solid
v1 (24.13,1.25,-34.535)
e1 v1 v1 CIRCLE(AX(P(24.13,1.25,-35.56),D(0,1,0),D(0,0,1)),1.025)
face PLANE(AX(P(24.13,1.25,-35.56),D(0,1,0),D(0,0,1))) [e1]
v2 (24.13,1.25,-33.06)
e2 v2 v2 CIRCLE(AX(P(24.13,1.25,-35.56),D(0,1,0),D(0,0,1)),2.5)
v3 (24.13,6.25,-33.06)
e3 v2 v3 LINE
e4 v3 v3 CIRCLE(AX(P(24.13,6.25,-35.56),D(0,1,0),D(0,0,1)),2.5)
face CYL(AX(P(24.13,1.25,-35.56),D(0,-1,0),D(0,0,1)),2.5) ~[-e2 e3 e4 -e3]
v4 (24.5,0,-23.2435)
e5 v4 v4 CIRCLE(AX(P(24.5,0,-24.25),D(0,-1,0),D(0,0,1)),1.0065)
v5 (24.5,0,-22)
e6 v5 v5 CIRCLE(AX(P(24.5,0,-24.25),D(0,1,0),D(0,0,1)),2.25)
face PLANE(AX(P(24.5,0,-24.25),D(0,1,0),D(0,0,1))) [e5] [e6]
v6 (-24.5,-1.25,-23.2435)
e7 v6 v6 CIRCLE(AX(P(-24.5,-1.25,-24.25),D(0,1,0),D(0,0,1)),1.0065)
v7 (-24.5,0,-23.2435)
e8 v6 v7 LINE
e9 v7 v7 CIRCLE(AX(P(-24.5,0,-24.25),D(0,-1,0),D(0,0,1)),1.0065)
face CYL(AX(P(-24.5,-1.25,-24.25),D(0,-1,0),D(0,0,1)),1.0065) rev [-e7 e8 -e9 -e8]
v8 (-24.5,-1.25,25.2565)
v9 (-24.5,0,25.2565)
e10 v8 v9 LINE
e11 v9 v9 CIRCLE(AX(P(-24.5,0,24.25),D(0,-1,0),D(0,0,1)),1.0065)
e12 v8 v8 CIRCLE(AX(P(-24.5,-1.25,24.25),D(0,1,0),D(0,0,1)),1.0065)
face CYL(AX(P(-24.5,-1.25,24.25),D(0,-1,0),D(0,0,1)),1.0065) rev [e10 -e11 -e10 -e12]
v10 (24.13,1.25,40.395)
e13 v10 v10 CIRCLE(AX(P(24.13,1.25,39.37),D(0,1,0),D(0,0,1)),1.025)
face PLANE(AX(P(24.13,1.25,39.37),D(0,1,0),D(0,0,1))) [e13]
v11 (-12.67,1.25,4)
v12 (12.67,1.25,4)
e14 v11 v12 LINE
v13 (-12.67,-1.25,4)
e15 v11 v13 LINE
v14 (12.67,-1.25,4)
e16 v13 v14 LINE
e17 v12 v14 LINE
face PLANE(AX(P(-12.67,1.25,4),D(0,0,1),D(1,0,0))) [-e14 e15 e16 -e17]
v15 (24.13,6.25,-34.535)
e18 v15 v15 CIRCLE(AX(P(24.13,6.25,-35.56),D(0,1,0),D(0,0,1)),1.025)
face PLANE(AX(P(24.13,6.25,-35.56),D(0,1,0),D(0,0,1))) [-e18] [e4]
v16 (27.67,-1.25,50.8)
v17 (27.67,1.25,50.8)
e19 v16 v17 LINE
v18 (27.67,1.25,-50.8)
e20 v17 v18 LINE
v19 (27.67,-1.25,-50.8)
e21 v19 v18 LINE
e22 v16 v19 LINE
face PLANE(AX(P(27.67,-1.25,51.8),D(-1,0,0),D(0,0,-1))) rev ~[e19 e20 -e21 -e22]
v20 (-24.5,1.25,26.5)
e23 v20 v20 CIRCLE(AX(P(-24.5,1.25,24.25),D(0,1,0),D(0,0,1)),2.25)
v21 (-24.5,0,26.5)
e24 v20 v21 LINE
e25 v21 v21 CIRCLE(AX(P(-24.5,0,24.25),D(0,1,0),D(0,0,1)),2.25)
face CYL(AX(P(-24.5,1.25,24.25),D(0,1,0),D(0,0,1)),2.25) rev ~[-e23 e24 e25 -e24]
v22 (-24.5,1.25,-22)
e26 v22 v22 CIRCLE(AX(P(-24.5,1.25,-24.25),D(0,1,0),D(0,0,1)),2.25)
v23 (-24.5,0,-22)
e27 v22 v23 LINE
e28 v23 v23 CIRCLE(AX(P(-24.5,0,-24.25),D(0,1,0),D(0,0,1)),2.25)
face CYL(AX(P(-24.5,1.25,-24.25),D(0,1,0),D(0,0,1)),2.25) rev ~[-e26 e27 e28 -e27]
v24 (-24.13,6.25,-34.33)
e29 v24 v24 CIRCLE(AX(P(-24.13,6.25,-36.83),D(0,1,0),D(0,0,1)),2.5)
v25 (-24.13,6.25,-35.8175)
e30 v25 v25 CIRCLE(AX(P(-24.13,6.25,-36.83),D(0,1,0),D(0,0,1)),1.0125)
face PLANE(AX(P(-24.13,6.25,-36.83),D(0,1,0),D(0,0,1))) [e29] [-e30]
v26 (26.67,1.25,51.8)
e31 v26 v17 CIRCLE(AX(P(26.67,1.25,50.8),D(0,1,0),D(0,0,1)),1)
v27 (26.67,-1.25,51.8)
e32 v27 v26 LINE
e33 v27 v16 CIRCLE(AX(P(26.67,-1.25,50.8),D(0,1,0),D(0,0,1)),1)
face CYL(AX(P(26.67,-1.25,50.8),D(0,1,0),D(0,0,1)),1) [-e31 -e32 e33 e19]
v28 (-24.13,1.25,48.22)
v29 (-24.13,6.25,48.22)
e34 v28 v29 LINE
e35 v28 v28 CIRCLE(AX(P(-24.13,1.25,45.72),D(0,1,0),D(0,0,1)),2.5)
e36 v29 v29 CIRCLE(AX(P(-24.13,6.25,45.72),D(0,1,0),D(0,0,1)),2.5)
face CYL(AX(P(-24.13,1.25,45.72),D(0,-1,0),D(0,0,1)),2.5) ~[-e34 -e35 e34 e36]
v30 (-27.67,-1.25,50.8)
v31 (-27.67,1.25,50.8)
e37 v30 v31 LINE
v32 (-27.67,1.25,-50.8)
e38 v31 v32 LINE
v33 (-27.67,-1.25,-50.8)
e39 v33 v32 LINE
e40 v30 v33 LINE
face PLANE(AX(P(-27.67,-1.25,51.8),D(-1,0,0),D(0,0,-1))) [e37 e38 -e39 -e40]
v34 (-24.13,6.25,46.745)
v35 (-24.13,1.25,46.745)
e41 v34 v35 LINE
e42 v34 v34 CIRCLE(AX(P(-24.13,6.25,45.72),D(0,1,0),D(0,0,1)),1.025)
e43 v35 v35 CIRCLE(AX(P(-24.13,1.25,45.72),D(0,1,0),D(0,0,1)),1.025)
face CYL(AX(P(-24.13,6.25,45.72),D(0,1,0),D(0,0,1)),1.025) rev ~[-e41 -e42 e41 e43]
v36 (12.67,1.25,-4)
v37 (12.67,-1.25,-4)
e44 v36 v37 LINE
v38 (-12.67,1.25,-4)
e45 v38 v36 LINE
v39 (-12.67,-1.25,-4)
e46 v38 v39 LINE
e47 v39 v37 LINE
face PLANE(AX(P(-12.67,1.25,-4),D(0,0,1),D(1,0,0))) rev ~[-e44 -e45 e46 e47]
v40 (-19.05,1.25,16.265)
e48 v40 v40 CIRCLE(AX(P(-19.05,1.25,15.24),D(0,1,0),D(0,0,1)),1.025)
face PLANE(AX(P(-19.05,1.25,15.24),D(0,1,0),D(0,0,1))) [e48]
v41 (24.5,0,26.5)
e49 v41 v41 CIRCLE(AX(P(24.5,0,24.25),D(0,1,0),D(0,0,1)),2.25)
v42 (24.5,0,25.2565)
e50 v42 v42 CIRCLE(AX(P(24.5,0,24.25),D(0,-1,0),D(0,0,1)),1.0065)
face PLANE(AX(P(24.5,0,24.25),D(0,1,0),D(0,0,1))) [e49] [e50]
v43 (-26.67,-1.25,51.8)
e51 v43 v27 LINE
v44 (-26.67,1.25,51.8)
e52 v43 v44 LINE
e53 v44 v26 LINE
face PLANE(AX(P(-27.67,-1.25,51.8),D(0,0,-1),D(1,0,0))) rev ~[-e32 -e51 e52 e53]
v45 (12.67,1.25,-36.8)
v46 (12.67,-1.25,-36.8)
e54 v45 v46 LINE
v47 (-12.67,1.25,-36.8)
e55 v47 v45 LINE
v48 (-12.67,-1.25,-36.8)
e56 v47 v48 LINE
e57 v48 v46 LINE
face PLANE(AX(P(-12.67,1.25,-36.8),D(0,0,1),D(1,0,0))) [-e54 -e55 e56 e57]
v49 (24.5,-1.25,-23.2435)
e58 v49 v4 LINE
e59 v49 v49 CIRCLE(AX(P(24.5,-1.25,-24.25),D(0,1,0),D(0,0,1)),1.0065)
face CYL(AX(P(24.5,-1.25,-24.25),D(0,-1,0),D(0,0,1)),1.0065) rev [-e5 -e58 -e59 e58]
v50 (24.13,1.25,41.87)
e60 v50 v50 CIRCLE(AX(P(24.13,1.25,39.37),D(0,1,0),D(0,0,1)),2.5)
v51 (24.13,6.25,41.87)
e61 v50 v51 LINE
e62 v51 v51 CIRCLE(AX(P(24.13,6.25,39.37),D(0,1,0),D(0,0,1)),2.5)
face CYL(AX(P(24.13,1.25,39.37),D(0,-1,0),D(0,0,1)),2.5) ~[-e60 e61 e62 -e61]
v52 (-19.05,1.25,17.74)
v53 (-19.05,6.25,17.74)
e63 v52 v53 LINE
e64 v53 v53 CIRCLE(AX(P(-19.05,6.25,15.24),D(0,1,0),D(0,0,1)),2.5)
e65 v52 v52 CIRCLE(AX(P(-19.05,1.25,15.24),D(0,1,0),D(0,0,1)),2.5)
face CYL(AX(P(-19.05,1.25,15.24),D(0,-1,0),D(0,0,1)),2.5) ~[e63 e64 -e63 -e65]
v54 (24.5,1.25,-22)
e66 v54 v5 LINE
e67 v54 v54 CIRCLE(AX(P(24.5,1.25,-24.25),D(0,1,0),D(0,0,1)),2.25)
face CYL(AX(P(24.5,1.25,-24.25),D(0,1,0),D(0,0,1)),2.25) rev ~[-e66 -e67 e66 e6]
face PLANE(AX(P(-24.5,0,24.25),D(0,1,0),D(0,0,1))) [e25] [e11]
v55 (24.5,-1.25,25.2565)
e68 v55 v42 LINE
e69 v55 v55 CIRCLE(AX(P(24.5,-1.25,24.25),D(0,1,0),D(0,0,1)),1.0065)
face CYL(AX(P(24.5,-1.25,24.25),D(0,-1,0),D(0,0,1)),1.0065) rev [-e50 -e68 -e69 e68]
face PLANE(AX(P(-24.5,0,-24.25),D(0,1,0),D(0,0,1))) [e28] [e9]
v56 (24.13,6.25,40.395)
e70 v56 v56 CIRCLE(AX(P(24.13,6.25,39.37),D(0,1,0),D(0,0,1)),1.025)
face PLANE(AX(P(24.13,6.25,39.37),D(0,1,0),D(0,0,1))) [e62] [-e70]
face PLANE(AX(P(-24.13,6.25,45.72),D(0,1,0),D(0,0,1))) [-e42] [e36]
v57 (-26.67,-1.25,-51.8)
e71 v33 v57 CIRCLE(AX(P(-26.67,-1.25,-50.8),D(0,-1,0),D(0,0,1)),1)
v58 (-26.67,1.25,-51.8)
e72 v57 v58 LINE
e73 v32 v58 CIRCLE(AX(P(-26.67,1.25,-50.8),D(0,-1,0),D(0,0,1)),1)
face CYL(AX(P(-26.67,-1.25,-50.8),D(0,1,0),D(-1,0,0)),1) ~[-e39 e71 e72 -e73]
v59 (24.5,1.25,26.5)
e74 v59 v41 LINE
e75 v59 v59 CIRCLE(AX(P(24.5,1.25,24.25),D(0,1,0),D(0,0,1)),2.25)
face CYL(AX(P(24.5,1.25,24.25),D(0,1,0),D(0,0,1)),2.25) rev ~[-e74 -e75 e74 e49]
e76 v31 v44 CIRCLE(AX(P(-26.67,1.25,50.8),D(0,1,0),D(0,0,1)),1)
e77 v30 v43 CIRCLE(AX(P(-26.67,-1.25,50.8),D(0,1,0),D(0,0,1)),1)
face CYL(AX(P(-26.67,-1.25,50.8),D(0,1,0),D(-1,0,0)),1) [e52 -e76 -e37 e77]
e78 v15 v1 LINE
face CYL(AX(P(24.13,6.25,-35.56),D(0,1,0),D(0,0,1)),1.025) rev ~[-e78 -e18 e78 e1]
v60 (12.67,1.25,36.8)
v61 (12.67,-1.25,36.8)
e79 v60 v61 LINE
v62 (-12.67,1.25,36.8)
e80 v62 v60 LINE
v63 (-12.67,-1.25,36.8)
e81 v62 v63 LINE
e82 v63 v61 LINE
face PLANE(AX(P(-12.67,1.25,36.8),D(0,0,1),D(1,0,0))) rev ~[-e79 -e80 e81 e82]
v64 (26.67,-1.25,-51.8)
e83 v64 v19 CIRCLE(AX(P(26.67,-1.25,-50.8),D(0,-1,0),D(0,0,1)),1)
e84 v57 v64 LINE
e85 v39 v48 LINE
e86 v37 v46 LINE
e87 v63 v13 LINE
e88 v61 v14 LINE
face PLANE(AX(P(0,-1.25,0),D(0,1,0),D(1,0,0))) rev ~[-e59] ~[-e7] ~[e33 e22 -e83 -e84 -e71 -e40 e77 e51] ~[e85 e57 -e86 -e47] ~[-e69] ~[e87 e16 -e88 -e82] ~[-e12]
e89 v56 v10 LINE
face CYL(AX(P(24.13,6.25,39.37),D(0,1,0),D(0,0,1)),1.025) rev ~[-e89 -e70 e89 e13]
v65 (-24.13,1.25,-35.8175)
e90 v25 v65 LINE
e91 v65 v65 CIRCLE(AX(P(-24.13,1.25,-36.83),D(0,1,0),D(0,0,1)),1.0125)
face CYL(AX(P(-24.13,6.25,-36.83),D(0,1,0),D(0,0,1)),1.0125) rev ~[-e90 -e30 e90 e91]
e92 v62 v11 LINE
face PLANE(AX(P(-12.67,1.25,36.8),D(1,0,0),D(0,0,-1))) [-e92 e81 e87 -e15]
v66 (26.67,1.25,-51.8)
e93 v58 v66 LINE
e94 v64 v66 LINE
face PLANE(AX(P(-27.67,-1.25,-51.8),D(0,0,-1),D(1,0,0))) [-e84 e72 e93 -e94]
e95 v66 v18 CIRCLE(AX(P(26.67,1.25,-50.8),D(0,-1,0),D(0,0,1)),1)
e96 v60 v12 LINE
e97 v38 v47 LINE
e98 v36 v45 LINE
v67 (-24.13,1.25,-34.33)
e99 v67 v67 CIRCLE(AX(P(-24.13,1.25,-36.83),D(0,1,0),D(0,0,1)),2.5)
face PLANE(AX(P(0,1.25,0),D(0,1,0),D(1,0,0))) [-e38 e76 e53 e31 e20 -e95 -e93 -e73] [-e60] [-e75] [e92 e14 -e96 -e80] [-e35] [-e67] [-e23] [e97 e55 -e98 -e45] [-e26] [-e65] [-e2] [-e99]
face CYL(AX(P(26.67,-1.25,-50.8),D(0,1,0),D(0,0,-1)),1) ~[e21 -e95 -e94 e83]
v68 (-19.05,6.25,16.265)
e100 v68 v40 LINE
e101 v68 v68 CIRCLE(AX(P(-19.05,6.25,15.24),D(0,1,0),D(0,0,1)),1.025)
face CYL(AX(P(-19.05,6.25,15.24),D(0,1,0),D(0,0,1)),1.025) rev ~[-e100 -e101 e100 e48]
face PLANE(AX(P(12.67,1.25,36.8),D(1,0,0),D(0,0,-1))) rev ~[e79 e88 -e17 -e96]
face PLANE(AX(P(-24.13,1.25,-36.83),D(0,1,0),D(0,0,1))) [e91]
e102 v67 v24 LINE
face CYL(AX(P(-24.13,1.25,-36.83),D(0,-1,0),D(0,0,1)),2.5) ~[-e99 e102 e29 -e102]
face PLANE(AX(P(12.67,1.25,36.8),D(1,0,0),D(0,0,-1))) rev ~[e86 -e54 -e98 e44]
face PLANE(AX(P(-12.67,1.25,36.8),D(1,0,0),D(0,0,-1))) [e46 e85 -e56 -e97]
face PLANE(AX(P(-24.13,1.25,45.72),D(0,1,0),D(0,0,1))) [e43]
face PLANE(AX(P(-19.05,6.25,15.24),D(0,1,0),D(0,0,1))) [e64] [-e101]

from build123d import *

# Parameters (mm, degrees)
BOSS_EXTRU_1_DEPTH      = 1.25
BOSS_EXTRU_1_DEPTH_BACK = 1.25
ESQUISSE1_W             = 55.34
ESQUISSE1_H             = 103.6
ESQUISSE1_R             = 1.0065
ESQUISSE2_R             = 2.25
ENL_V_MAT_EXTRU_1_DEPTH = 1.25
ESQUISSE4_R             = 2.5
BOSS_EXTRU_3_DEPTH      = 5
ESQUISSE7_R             = 1.025
ESQUISSE7_R_2           = 1.0125
ENL_V_MAT_EXTRU_2_DEPTH = 5
ESQUISSE8_W             = 25.34
ESQUISSE8_H             = 73.6
ENL_V_MAT_EXTRU_3_DEPTH = 59.939535967
ESQUISSE16_W            = 25.34
ESQUISSE16_H            = 8
BOSS_EXTRU_6_DEPTH      = 2.5
CONG_8_R                = 1


with BuildPart() as part:
    # Esquisse1 → Boss.-Extru.1 (new, two sides: drawn at the far end of the back side and taken through both)
    with BuildSketch(Plane(origin=(0, 0, 0), x_dir=(1, 0, 0), z_dir=(0, 1, 0)).offset(-BOSS_EXTRU_1_DEPTH_BACK)):
        Rectangle(ESQUISSE1_W, ESQUISSE1_H)
        with Locations((24.5, -24.25)):
            Circle(ESQUISSE1_R, mode=Mode.SUBTRACT)
        with Locations((-24.5, -24.25)):
            Circle(ESQUISSE1_R, mode=Mode.SUBTRACT)
        with Locations((24.5, 24.25)):
            Circle(ESQUISSE1_R, mode=Mode.SUBTRACT)
        with Locations((-24.5, 24.25)):
            Circle(ESQUISSE1_R, mode=Mode.SUBTRACT)
    extrude(amount=BOSS_EXTRU_1_DEPTH + BOSS_EXTRU_1_DEPTH_BACK)

    # Esquisse2 → Enlèv. mat.-Extru.1 (cut)
    with BuildSketch(Plane(origin=(0, 1.25, 0), x_dir=(1, 0, 0), z_dir=(0, 1, 0))):
        with Locations((-24.5, 24.25)):
            Circle(ESQUISSE2_R)
        with Locations((24.5, 24.25)):
            Circle(ESQUISSE2_R)
        with Locations((24.5, -24.25)):
            Circle(ESQUISSE2_R)
        with Locations((-24.5, -24.25)):
            Circle(ESQUISSE2_R)
    extrude(amount=-ENL_V_MAT_EXTRU_1_DEPTH, mode=Mode.SUBTRACT)

    # Esquisse4 → Boss.-Extru.3 (add)
    with BuildSketch(Plane(origin=(0, 1.25, 0), x_dir=(1, 0, 0), z_dir=(0, 1, 0))):
        with Locations((-19.05, -15.24)):
            Circle(ESQUISSE4_R)
        with Locations((-24.13, -45.72)):
            Circle(ESQUISSE4_R)
        with Locations((24.13, -39.37)):
            Circle(ESQUISSE4_R)
        with Locations((24.13, 35.56)):
            Circle(ESQUISSE4_R)
        with Locations((-24.13, 36.83)):
            Circle(ESQUISSE4_R)
    extrude(amount=BOSS_EXTRU_3_DEPTH)

    # Esquisse7 → Enlèv. mat.-Extru.2 (cut)
    with BuildSketch(Plane(origin=(0, 6.25, 0), x_dir=(1, 0, 0), z_dir=(0, 1, 0))):
        with Locations((-24.13, -45.72)):
            Circle(ESQUISSE7_R)
        with Locations((-24.13, 36.83)):
            Circle(ESQUISSE7_R_2)
        with Locations((24.13, -39.37)):
            Circle(ESQUISSE7_R)
        with Locations((24.13, 35.56)):
            Circle(ESQUISSE7_R)
        with Locations((-19.05, -15.24)):
            Circle(ESQUISSE7_R)
    extrude(amount=-ENL_V_MAT_EXTRU_2_DEPTH, mode=Mode.SUBTRACT)

    # Esquisse8 → Enlèv. mat.-Extru.3 (cut, through all)
    with BuildSketch(Plane(origin=(0, 1.25, 0), x_dir=(1, 0, 0), z_dir=(0, 1, 0))):
        Rectangle(ESQUISSE8_W, ESQUISSE8_H)
    extrude(amount=-ENL_V_MAT_EXTRU_3_DEPTH, mode=Mode.SUBTRACT)

    # Esquisse16 → Boss.-Extru.6 (add)
    with BuildSketch(Plane(origin=(0, 1.25, 0), x_dir=(1, 0, 0), z_dir=(0, 1, 0))):
        Rectangle(ESQUISSE16_W, ESQUISSE16_H)
    extrude(amount=-BOSS_EXTRU_6_DEPTH)

    # Congé8
    cong_8_edges = [part.edges().sort_by_distance(p)[0] for p in [
        (27.67, 0, 51.8),
        (-27.67, 0, 51.8),
        (-27.67, 0, -51.8),
        (27.67, 0, -51.8),
    ]]
    fillet(cong_8_edges, radius=CONG_8_R)


solid = part.part
